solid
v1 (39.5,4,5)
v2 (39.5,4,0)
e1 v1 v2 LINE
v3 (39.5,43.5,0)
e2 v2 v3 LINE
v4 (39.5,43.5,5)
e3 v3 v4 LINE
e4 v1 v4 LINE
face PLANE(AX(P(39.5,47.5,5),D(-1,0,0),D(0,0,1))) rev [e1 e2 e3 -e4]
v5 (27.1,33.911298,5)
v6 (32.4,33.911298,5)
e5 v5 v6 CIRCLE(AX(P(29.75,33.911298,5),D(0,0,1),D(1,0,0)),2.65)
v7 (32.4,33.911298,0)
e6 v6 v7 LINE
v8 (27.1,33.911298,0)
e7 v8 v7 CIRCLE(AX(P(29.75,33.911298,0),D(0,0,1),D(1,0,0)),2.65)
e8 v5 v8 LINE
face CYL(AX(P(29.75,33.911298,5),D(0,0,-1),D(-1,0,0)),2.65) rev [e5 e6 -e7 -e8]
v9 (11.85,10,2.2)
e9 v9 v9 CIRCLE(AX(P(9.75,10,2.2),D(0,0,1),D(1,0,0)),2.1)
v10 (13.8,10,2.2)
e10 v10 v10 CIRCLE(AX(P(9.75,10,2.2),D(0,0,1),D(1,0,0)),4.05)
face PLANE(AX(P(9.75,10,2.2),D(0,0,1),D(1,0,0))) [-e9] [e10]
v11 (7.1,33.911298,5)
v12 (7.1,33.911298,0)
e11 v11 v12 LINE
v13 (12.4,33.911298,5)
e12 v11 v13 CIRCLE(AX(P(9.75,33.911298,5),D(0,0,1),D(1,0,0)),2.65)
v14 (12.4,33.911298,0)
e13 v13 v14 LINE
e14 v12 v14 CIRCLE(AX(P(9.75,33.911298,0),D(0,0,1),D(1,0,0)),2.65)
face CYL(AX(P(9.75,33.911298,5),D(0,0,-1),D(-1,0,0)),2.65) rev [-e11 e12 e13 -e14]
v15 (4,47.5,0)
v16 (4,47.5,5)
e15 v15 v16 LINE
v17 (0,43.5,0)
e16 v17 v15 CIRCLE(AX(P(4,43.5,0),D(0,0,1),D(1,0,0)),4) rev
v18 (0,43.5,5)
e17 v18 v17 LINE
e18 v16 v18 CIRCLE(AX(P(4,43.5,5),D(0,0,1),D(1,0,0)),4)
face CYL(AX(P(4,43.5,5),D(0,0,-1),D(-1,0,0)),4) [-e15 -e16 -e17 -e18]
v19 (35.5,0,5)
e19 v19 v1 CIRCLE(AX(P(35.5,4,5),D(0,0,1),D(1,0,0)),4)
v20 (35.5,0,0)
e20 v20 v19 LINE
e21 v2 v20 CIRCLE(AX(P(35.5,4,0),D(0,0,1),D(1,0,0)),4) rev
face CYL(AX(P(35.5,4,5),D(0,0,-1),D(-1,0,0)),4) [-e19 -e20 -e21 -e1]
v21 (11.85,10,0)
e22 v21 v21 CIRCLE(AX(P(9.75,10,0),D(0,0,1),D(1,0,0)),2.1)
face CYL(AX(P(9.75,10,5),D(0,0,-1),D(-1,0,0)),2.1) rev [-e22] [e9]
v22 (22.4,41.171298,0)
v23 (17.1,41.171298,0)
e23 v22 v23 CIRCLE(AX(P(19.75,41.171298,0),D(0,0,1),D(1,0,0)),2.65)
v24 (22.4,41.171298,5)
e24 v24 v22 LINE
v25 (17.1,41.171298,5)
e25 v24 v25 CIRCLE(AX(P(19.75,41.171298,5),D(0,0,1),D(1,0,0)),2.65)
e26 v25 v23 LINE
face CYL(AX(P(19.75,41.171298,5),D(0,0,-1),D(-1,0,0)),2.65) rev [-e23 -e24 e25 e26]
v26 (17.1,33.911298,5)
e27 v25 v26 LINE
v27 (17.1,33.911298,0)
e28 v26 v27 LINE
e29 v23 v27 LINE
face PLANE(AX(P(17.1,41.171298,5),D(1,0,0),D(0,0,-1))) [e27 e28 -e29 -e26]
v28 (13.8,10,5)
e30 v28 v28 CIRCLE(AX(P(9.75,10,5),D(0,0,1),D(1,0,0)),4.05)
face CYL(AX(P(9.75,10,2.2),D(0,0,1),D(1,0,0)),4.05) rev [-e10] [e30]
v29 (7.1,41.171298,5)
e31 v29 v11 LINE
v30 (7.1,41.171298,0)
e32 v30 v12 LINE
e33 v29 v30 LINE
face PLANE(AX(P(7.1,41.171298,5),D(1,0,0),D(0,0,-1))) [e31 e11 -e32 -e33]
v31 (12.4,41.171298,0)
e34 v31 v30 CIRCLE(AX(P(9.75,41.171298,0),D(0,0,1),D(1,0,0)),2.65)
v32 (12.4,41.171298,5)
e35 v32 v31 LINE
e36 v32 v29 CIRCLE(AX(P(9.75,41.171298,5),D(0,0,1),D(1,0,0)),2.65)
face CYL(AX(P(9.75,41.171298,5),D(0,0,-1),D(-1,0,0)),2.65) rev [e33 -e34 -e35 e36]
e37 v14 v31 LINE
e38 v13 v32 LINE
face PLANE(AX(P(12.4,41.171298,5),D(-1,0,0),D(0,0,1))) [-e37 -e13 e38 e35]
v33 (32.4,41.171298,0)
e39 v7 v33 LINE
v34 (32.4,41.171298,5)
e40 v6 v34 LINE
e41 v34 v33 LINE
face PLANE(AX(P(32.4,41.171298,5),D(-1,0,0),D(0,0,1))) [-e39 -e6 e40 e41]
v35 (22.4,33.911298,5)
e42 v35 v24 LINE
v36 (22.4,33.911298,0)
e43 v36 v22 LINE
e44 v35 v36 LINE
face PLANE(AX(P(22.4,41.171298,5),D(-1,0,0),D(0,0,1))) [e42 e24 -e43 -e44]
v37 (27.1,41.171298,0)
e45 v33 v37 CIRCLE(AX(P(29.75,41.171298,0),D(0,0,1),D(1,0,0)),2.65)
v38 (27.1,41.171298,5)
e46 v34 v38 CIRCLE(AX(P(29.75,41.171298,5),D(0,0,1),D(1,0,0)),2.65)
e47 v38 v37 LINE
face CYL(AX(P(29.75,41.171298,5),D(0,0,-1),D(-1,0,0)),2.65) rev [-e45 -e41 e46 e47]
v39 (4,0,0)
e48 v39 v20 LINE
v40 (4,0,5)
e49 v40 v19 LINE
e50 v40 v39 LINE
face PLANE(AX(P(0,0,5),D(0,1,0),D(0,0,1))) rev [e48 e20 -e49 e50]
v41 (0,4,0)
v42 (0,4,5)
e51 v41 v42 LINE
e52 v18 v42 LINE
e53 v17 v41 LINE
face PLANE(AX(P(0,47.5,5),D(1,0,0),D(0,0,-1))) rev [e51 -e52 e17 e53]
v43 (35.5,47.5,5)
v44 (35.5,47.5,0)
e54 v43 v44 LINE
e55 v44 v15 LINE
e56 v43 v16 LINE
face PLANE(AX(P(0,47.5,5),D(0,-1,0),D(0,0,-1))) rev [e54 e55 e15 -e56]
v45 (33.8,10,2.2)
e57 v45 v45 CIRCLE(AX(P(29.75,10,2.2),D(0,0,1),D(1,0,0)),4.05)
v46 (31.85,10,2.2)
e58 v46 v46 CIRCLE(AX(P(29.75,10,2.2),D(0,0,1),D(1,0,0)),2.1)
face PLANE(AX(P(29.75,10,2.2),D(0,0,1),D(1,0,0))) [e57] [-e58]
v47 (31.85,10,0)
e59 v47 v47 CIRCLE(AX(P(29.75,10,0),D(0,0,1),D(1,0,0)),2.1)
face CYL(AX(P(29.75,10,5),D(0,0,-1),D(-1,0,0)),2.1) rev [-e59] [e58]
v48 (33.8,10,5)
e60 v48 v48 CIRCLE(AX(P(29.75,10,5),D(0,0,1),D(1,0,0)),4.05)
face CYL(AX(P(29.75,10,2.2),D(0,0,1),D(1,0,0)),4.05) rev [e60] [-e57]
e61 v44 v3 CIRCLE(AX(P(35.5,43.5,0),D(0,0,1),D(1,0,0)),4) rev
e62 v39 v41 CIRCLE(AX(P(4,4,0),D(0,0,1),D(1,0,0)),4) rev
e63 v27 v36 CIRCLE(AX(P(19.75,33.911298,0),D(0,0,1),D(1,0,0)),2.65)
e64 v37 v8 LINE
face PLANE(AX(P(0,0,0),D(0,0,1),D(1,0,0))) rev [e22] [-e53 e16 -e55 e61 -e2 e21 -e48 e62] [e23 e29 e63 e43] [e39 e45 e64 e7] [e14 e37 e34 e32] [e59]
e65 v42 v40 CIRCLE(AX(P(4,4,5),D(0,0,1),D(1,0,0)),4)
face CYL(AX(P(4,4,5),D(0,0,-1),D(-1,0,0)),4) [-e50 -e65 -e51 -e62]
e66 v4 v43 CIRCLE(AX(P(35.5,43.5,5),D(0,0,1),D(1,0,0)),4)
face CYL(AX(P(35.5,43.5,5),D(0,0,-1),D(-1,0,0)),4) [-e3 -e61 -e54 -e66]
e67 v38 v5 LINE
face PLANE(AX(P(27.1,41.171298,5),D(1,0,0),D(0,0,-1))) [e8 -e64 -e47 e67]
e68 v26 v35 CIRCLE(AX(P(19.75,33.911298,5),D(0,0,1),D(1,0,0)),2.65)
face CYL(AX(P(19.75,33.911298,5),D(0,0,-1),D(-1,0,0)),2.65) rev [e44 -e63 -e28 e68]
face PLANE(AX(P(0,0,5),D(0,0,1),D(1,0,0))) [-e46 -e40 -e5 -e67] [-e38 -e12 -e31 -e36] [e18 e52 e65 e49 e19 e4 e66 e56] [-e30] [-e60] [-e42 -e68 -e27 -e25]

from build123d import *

# Parameters (mm, degrees)
CROQUIS2_W              = 39.5
CROQUIS2_H              = 47.5
CROQUIS2_R              = 2.1
SALIENTE_EXTRUIR1_DEPTH = 5
REDONDEO1_R             = 4
CROQUIS3_R              = 4.05
CORTAR_EXTRUIR1_DEPTH   = 2.8


with BuildPart() as part:
    # Croquis2 → Saliente-Extruir1 (new body)
    with BuildSketch(Plane.XY):
        with Locations((19.75, 23.75)):
            Rectangle(CROQUIS2_W, CROQUIS2_H)
        with Locations((9.75, 10)):
            Circle(CROQUIS2_R, mode=Mode.SUBTRACT)
        with Locations((29.75, 10)):
            Circle(CROQUIS2_R, mode=Mode.SUBTRACT)
        with BuildLine():
            Line((12.4, 41.171297972), (12.4, 33.911297972))
            ThreePointArc((12.4, 33.911297972), (9.75, 31.261297972), (7.1, 33.911297972))
            Line((7.1, 33.911297972), (7.1, 41.171297972))
            ThreePointArc((7.1, 41.171297972), (9.75, 43.821297972), (12.4, 41.171297972))
        make_face(mode=Mode.SUBTRACT)
        with BuildLine():
            Line((22.4, 41.171297972), (22.4, 33.911297972))
            ThreePointArc((22.4, 33.911297972), (19.75, 31.261297972), (17.1, 33.911297972))
            Line((17.1, 33.911297972), (17.1, 41.171297972))
            ThreePointArc((17.1, 41.171297972), (19.75, 43.821297972), (22.4, 41.171297972))
        make_face(mode=Mode.SUBTRACT)
        with BuildLine():
            Line((32.4, 41.171297972), (32.4, 33.911297972))
            ThreePointArc((32.4, 33.911297972), (29.75, 31.261297972), (27.1, 33.911297972))
            Line((27.1, 33.911297972), (27.1, 41.171297972))
            ThreePointArc((27.1, 41.171297972), (29.75, 43.821297972), (32.4, 41.171297972))
        make_face(mode=Mode.SUBTRACT)
    extrude(amount=SALIENTE_EXTRUIR1_DEPTH)

    # Redondeo1
    redondeo1_edges = [part.edges().sort_by_distance(p)[0] for p in [
        (0, 47.5, 2.5),
        (39.5, 47.5, 2.5),
        (39.5, 0, 2.5),
        (0, 0, 2.5),
    ]]
    fillet(redondeo1_edges, radius=REDONDEO1_R)

    # Croquis3 → Cortar-Extruir1 (cut)
    with BuildSketch(Plane.XY.offset(5)):
        with Locations((29.75, 10)):
            Circle(CROQUIS3_R)
        with Locations((9.75, 10)):
            Circle(CROQUIS3_R)
    extrude(amount=-CORTAR_EXTRUIR1_DEPTH, mode=Mode.SUBTRACT)


solid = part.part
